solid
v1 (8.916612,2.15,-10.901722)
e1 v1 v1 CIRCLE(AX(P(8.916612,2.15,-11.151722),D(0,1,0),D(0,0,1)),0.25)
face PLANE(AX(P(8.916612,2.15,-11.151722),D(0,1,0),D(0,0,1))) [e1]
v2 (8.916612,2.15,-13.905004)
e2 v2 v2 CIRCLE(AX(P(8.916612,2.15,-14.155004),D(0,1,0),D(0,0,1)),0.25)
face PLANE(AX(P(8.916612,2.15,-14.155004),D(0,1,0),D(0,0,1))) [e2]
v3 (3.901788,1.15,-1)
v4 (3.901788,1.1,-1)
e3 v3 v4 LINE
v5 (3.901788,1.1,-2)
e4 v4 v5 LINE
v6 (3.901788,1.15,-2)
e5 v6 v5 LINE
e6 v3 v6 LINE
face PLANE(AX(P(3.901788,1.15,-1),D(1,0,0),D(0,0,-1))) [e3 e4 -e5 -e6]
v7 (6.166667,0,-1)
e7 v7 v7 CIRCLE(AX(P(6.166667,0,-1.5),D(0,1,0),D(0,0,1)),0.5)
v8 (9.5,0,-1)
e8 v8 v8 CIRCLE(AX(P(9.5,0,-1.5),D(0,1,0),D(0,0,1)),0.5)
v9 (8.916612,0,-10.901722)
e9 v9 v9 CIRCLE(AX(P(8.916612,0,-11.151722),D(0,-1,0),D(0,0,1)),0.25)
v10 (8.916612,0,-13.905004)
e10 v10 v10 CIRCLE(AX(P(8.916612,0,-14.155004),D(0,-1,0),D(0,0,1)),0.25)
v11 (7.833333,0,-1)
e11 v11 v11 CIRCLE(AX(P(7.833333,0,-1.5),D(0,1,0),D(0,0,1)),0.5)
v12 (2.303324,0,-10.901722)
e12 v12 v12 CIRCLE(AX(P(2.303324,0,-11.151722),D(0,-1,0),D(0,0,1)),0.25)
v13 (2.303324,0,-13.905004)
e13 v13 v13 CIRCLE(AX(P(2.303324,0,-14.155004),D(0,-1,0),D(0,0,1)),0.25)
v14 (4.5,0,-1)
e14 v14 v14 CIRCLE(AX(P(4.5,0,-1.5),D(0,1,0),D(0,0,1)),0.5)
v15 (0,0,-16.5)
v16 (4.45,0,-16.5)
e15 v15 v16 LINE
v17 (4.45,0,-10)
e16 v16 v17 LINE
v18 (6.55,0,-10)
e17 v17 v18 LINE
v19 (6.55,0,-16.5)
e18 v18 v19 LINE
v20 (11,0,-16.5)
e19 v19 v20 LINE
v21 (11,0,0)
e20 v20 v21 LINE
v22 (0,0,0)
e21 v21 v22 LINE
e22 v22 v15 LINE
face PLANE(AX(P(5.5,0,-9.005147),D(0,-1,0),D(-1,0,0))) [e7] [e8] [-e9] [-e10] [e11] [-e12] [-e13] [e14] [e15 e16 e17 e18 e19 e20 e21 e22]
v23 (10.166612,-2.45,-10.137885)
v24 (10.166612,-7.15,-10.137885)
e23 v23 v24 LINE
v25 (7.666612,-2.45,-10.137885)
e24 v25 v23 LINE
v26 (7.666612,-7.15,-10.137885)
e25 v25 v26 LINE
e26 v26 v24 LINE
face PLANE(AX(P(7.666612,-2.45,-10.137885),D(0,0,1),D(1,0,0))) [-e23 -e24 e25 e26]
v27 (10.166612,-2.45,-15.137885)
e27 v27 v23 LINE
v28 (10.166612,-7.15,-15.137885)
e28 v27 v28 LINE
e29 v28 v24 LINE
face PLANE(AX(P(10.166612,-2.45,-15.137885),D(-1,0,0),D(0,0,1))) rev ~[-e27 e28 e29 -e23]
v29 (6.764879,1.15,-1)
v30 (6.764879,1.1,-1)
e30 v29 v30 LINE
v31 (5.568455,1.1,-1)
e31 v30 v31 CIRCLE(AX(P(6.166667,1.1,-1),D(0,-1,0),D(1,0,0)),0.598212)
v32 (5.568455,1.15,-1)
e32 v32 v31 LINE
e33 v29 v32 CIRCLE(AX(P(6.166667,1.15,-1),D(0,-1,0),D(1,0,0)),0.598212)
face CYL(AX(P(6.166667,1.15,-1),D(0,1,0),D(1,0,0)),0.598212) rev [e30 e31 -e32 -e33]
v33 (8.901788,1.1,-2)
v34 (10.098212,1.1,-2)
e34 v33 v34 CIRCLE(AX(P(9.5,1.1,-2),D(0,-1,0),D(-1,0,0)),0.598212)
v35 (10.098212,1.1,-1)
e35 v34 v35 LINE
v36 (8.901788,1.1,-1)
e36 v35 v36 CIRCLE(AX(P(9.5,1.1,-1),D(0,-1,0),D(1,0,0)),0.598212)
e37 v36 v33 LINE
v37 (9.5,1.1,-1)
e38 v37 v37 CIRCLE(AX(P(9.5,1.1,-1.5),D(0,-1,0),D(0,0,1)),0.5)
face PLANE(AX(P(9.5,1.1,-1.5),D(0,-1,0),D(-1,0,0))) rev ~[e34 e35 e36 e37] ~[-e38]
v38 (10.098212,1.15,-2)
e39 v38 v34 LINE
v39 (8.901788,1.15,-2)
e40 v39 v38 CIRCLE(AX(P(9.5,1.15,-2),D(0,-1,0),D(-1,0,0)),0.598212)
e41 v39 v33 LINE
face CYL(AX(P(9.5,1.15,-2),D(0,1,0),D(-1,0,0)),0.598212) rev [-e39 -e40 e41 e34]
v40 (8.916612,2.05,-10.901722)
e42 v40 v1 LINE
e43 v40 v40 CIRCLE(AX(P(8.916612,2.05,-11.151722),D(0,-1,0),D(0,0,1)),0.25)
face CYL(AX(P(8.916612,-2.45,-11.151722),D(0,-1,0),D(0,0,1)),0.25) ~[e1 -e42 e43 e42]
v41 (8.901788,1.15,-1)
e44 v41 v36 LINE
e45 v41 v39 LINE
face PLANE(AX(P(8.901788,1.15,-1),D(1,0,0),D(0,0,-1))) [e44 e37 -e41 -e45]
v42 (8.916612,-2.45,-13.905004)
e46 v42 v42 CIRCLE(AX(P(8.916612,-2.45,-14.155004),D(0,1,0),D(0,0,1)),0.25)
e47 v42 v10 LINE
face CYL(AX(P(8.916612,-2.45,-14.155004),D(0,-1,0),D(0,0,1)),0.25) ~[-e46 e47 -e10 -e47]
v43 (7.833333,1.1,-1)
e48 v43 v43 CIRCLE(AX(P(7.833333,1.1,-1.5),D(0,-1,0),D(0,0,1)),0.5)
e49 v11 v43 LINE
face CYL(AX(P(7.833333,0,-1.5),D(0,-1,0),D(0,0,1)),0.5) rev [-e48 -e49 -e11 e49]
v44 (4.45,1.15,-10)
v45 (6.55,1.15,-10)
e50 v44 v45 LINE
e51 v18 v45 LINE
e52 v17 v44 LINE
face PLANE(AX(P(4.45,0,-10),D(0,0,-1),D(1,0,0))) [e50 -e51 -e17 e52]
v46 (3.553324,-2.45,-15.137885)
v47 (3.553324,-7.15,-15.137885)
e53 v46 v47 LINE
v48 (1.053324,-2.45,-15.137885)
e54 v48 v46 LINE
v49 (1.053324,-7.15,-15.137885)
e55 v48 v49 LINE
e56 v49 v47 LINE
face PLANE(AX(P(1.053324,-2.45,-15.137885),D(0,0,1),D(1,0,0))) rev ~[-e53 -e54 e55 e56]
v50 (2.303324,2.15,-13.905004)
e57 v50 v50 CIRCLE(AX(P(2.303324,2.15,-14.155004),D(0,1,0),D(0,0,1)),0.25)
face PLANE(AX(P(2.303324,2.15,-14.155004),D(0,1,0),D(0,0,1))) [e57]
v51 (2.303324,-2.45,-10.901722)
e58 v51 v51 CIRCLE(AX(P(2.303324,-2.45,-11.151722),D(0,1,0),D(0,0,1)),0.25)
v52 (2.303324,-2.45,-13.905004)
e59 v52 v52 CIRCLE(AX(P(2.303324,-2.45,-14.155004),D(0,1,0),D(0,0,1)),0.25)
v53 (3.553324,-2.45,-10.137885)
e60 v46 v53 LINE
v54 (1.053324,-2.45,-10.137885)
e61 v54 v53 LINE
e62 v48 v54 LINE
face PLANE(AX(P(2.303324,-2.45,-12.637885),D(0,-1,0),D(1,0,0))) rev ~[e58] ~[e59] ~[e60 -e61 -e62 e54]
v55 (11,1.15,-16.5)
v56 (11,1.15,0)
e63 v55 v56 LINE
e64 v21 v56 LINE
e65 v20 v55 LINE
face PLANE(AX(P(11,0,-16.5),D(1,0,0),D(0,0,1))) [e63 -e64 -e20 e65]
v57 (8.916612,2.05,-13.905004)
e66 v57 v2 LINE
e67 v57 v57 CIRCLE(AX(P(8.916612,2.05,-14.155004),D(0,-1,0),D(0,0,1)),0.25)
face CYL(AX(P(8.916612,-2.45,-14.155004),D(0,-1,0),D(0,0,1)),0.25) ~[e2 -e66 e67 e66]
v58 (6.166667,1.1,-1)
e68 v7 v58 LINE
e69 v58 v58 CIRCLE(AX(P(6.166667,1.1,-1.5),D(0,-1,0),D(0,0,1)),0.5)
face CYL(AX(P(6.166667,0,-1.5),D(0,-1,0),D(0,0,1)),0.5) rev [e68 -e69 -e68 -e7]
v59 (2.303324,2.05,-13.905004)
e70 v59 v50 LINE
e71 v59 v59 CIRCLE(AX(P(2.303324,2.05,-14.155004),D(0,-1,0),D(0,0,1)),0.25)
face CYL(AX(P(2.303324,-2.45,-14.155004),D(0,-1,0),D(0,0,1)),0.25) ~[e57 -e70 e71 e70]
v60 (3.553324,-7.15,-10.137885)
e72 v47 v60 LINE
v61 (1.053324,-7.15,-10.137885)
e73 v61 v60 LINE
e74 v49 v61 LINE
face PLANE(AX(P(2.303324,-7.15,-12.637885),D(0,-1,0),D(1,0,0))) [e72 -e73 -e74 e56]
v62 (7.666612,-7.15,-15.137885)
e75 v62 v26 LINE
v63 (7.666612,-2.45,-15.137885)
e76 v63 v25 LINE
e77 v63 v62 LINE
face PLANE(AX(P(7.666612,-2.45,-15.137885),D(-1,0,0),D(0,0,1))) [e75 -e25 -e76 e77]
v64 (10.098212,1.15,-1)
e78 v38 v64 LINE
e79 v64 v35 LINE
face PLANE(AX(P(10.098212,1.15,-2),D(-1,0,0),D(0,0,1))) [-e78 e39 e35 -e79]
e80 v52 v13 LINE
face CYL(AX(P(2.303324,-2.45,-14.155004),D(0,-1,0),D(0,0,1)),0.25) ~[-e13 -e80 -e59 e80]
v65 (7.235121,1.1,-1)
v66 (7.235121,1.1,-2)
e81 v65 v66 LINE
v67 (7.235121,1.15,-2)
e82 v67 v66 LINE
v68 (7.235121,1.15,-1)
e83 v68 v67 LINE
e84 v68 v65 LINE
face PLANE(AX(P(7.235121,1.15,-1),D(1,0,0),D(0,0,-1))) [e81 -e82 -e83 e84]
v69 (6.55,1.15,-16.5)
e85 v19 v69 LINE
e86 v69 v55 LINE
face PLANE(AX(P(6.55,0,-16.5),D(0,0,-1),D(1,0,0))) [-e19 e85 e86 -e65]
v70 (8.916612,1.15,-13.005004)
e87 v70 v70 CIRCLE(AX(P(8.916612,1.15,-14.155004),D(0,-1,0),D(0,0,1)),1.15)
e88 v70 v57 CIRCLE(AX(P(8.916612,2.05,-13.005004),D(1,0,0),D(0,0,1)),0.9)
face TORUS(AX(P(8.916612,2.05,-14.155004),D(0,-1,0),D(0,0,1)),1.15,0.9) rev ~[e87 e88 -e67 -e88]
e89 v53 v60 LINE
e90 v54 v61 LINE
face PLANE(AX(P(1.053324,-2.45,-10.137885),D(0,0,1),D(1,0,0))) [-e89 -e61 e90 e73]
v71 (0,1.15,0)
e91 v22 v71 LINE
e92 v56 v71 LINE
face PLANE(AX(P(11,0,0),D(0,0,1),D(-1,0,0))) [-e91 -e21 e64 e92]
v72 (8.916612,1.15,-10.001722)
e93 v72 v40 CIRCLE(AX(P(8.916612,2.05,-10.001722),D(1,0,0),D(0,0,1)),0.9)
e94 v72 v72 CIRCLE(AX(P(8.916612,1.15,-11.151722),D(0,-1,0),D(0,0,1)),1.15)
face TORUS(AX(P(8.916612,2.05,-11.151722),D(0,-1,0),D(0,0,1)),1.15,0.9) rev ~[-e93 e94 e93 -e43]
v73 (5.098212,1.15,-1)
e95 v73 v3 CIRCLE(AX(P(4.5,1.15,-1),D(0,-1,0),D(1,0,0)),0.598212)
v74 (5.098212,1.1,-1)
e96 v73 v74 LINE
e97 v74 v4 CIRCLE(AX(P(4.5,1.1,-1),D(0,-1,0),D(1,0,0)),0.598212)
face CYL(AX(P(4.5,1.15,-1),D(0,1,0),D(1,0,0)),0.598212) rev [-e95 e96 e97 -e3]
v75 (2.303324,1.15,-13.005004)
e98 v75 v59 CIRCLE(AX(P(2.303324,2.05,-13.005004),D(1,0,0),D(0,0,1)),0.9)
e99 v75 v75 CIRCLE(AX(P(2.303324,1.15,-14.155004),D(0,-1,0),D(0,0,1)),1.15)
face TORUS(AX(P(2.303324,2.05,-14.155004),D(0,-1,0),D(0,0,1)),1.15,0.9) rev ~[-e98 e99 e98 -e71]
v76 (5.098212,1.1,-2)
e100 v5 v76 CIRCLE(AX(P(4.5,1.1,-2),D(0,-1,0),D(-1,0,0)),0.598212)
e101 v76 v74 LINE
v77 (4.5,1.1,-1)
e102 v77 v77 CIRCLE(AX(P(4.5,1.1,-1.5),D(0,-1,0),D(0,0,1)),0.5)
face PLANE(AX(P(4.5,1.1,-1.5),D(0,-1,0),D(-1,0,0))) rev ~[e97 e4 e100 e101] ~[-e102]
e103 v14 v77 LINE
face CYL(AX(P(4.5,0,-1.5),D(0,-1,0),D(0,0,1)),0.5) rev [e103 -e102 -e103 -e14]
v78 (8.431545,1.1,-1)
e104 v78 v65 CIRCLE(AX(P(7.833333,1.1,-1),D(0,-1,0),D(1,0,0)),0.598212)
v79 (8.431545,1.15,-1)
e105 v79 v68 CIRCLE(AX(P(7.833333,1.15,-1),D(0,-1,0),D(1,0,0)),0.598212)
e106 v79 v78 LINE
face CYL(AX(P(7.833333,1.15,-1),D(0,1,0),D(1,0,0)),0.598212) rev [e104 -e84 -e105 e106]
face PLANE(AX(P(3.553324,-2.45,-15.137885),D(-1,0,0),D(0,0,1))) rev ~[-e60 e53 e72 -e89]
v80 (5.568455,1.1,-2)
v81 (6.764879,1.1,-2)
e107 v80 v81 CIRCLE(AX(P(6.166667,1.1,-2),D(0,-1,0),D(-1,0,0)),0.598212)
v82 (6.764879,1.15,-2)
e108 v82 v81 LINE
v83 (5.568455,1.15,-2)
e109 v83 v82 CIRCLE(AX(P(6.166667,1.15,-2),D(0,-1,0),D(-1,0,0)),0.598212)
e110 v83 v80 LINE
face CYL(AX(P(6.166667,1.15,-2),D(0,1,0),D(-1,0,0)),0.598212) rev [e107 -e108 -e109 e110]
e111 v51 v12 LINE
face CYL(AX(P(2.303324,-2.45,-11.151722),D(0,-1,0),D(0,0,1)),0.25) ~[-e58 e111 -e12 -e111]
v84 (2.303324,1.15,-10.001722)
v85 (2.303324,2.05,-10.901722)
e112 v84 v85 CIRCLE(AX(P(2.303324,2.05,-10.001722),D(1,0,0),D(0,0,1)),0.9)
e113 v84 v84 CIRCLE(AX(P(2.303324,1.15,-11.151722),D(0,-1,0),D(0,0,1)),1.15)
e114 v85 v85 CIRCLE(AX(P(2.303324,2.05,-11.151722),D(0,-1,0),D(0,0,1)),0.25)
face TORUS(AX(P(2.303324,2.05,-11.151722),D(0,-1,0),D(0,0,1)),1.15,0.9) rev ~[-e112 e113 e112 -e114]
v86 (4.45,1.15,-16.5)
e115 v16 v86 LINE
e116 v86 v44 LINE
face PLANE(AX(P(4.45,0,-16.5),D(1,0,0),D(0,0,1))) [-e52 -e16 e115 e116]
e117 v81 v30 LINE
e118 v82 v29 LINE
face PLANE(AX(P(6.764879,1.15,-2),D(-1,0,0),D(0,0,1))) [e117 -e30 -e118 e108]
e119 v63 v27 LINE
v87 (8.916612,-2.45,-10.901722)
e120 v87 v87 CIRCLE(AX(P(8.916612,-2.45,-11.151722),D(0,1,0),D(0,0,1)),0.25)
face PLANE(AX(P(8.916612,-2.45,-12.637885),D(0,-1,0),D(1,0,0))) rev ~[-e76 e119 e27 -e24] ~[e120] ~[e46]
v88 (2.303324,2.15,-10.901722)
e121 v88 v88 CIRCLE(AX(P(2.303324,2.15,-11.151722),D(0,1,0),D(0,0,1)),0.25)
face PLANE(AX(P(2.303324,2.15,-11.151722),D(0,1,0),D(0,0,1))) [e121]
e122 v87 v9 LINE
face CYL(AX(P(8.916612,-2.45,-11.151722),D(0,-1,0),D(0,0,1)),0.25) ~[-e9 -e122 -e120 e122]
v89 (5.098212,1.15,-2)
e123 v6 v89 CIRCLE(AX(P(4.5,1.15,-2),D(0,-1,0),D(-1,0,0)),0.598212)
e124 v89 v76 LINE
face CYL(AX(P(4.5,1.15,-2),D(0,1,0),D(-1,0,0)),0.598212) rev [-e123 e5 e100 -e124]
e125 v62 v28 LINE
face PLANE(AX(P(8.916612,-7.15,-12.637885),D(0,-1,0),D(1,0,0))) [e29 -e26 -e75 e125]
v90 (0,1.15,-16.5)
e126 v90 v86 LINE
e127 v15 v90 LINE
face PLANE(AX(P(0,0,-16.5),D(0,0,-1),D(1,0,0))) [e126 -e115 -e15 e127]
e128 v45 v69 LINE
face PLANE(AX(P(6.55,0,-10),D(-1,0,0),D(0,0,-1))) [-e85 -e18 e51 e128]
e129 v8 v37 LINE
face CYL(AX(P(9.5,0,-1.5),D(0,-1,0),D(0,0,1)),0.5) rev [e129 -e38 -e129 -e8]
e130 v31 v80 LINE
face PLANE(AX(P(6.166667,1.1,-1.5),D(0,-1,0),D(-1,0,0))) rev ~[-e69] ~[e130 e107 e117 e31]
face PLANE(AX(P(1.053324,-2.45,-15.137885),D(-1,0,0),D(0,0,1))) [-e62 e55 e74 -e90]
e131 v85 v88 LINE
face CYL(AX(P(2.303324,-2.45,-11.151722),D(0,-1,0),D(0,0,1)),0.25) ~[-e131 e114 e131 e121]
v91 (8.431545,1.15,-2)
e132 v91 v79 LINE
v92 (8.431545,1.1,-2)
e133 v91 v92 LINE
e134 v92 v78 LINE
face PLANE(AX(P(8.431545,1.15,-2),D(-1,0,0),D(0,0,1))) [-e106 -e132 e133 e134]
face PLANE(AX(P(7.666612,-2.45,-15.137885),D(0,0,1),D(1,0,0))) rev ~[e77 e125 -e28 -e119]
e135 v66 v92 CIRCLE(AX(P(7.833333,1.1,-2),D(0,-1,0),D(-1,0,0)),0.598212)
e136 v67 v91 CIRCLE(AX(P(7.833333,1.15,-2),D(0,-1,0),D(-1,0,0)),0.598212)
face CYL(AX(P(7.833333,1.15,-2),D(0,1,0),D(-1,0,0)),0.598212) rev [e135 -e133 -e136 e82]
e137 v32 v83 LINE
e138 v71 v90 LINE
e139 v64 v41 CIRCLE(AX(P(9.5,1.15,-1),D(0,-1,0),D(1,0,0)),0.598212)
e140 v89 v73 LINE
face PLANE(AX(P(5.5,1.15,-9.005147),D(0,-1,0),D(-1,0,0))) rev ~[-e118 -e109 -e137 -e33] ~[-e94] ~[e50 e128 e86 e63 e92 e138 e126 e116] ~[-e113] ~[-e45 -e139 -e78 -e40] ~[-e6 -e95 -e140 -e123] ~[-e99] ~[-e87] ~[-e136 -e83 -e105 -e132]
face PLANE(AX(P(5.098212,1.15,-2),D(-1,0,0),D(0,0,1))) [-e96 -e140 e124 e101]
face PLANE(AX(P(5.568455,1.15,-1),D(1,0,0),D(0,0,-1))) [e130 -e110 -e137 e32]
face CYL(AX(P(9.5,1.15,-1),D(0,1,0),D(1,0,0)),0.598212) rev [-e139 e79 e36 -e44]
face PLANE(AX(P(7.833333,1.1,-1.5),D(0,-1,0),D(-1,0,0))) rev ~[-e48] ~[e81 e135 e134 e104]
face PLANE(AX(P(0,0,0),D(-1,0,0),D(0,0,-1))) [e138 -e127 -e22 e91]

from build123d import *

# Parameters (mm, degrees)
SKETCH1_R                = 0.5
BOSS_EXTRUDE1_DEPTH      = 1.15
BOSS_EXTRUDE2_DEPTH      = 1
BOSS_EXTRUDE2_DEPTH_BACK = 3.6
SKETCH2_R                = 0.25
SKETCH3_W                = 2.5
SKETCH3_H                = 5
BOSS_EXTRUDE3_DEPTH      = 4.7
CUT_EXTRUDE1_DEPTH       = 0.05
FILLET1_R                = 0.9


with BuildPart() as part:
    # Sketch1 → Boss-Extrude1 (new body)
    with BuildSketch(Plane(origin=(0, 0, 0), x_dir=(1, 0, 0), z_dir=(0, 1, 0))):
        Polygon((0, 0), (0, 16.5), (4.45, 16.5), (4.45, 10), (6.55, 10), (6.55, 16.5), (11, 16.5), (11, 0), align=None)
        with Locations(Location((9.5, 1.5, 0), (0, 0, 270))):
            Circle(SKETCH1_R, mode=Mode.SUBTRACT)
        with Locations(Location((7.833333333, 1.5, 0), (0, 0, 270))):
            Circle(SKETCH1_R, mode=Mode.SUBTRACT)
        with Locations(Location((6.166666667, 1.5, 0), (0, 0, 270))):
            Circle(SKETCH1_R, mode=Mode.SUBTRACT)
        with Locations(Location((4.5, 1.5, 0), (0, 0, 270))):
            Circle(SKETCH1_R, mode=Mode.SUBTRACT)
    extrude(amount=BOSS_EXTRUDE1_DEPTH)

    # Sketch2 → Boss-Extrude2 (add, two sides: drawn at the far end of the back side and taken through both)
    with BuildSketch(Plane(origin=(0, 1.15, 0), x_dir=(1, 0, 0), z_dir=(0, 1, 0)).offset(-BOSS_EXTRUDE2_DEPTH_BACK)):
        with Locations(Location((2.303324378, 14.15500421, 0), (0, 0, 270))):
            Circle(SKETCH2_R)
        with Locations(Location((2.303324378, 11.151722015, 0), (0, 0, 270))):
            Circle(SKETCH2_R)
        with Locations(Location((8.916612443, 11.151722015, 0), (0, 0, 270))):
            Circle(SKETCH2_R)
        with Locations(Location((8.916612443, 14.15500421, 0), (0, 0, 270))):
            Circle(SKETCH2_R)
    extrude(amount=BOSS_EXTRUDE2_DEPTH + BOSS_EXTRUDE2_DEPTH_BACK)

    # Sketch3 → Boss-Extrude3 (add)
    with BuildSketch(Plane.XZ.offset(2.45)):
        with Locations((2.303324378, -12.637884748)):
            Rectangle(SKETCH3_W, SKETCH3_H)
        with Locations((8.916612443, -12.637884748)):
            Rectangle(SKETCH3_W, SKETCH3_H)
    extrude(amount=BOSS_EXTRUDE3_DEPTH)

    # Sketch4 → Cut-Extrude1 (cut)
    with BuildSketch(Plane(origin=(0, 1.15, 0), x_dir=(1, 0, 0), z_dir=(0, 1, 0))):
        with BuildLine():
            Line((3.901788048, 1), (3.901788048, 2))
            ThreePointArc((3.901788048, 2), (4.5, 2.598211952), (5.098211952, 2))
            Line((5.098211952, 2), (5.098211952, 1))
            ThreePointArc((5.098211952, 1), (4.5, 0.401788048), (3.901788048, 1))
        make_face()
        with BuildLine():
            Line((5.568454715, 1), (5.568454715, 2))
            ThreePointArc((5.568454715, 2), (6.166666667, 2.598211952), (6.764878619, 2))
            Line((6.764878619, 2), (6.764878619, 1))
            ThreePointArc((6.764878619, 1), (6.166666667, 0.401788048), (5.568454715, 1))
        make_face()
        with BuildLine():
            Line((7.235121381, 1), (7.235121381, 2))
            ThreePointArc((7.235121381, 2), (7.833333333, 2.598211952), (8.431545285, 2))
            Line((8.431545285, 2), (8.431545285, 1))
            ThreePointArc((8.431545285, 1), (7.833333333, 0.401788048), (7.235121381, 1))
        make_face()
        with BuildLine():
            Line((8.901788048, 1), (8.901788048, 2))
            ThreePointArc((8.901788048, 2), (9.5, 2.598211952), (10.098211952, 2))
            Line((10.098211952, 2), (10.098211952, 1))
            ThreePointArc((10.098211952, 1), (9.5, 0.401788048), (8.901788048, 1))
        make_face()
    extrude(amount=-CUT_EXTRUDE1_DEPTH, mode=Mode.SUBTRACT)

    # Fillet1
    fillet1_edges = [part.edges().sort_by_distance(p)[0] for p in [
        (2.303324378, 1.15, -14.40500421),
        (2.303324378, 1.15, -11.401722015),
        (8.916612443, 1.15, -11.401722015),
        (8.916612443, 1.15, -14.40500421),
    ]]
    fillet(fillet1_edges, radius=FILLET1_R)


solid = part.part
